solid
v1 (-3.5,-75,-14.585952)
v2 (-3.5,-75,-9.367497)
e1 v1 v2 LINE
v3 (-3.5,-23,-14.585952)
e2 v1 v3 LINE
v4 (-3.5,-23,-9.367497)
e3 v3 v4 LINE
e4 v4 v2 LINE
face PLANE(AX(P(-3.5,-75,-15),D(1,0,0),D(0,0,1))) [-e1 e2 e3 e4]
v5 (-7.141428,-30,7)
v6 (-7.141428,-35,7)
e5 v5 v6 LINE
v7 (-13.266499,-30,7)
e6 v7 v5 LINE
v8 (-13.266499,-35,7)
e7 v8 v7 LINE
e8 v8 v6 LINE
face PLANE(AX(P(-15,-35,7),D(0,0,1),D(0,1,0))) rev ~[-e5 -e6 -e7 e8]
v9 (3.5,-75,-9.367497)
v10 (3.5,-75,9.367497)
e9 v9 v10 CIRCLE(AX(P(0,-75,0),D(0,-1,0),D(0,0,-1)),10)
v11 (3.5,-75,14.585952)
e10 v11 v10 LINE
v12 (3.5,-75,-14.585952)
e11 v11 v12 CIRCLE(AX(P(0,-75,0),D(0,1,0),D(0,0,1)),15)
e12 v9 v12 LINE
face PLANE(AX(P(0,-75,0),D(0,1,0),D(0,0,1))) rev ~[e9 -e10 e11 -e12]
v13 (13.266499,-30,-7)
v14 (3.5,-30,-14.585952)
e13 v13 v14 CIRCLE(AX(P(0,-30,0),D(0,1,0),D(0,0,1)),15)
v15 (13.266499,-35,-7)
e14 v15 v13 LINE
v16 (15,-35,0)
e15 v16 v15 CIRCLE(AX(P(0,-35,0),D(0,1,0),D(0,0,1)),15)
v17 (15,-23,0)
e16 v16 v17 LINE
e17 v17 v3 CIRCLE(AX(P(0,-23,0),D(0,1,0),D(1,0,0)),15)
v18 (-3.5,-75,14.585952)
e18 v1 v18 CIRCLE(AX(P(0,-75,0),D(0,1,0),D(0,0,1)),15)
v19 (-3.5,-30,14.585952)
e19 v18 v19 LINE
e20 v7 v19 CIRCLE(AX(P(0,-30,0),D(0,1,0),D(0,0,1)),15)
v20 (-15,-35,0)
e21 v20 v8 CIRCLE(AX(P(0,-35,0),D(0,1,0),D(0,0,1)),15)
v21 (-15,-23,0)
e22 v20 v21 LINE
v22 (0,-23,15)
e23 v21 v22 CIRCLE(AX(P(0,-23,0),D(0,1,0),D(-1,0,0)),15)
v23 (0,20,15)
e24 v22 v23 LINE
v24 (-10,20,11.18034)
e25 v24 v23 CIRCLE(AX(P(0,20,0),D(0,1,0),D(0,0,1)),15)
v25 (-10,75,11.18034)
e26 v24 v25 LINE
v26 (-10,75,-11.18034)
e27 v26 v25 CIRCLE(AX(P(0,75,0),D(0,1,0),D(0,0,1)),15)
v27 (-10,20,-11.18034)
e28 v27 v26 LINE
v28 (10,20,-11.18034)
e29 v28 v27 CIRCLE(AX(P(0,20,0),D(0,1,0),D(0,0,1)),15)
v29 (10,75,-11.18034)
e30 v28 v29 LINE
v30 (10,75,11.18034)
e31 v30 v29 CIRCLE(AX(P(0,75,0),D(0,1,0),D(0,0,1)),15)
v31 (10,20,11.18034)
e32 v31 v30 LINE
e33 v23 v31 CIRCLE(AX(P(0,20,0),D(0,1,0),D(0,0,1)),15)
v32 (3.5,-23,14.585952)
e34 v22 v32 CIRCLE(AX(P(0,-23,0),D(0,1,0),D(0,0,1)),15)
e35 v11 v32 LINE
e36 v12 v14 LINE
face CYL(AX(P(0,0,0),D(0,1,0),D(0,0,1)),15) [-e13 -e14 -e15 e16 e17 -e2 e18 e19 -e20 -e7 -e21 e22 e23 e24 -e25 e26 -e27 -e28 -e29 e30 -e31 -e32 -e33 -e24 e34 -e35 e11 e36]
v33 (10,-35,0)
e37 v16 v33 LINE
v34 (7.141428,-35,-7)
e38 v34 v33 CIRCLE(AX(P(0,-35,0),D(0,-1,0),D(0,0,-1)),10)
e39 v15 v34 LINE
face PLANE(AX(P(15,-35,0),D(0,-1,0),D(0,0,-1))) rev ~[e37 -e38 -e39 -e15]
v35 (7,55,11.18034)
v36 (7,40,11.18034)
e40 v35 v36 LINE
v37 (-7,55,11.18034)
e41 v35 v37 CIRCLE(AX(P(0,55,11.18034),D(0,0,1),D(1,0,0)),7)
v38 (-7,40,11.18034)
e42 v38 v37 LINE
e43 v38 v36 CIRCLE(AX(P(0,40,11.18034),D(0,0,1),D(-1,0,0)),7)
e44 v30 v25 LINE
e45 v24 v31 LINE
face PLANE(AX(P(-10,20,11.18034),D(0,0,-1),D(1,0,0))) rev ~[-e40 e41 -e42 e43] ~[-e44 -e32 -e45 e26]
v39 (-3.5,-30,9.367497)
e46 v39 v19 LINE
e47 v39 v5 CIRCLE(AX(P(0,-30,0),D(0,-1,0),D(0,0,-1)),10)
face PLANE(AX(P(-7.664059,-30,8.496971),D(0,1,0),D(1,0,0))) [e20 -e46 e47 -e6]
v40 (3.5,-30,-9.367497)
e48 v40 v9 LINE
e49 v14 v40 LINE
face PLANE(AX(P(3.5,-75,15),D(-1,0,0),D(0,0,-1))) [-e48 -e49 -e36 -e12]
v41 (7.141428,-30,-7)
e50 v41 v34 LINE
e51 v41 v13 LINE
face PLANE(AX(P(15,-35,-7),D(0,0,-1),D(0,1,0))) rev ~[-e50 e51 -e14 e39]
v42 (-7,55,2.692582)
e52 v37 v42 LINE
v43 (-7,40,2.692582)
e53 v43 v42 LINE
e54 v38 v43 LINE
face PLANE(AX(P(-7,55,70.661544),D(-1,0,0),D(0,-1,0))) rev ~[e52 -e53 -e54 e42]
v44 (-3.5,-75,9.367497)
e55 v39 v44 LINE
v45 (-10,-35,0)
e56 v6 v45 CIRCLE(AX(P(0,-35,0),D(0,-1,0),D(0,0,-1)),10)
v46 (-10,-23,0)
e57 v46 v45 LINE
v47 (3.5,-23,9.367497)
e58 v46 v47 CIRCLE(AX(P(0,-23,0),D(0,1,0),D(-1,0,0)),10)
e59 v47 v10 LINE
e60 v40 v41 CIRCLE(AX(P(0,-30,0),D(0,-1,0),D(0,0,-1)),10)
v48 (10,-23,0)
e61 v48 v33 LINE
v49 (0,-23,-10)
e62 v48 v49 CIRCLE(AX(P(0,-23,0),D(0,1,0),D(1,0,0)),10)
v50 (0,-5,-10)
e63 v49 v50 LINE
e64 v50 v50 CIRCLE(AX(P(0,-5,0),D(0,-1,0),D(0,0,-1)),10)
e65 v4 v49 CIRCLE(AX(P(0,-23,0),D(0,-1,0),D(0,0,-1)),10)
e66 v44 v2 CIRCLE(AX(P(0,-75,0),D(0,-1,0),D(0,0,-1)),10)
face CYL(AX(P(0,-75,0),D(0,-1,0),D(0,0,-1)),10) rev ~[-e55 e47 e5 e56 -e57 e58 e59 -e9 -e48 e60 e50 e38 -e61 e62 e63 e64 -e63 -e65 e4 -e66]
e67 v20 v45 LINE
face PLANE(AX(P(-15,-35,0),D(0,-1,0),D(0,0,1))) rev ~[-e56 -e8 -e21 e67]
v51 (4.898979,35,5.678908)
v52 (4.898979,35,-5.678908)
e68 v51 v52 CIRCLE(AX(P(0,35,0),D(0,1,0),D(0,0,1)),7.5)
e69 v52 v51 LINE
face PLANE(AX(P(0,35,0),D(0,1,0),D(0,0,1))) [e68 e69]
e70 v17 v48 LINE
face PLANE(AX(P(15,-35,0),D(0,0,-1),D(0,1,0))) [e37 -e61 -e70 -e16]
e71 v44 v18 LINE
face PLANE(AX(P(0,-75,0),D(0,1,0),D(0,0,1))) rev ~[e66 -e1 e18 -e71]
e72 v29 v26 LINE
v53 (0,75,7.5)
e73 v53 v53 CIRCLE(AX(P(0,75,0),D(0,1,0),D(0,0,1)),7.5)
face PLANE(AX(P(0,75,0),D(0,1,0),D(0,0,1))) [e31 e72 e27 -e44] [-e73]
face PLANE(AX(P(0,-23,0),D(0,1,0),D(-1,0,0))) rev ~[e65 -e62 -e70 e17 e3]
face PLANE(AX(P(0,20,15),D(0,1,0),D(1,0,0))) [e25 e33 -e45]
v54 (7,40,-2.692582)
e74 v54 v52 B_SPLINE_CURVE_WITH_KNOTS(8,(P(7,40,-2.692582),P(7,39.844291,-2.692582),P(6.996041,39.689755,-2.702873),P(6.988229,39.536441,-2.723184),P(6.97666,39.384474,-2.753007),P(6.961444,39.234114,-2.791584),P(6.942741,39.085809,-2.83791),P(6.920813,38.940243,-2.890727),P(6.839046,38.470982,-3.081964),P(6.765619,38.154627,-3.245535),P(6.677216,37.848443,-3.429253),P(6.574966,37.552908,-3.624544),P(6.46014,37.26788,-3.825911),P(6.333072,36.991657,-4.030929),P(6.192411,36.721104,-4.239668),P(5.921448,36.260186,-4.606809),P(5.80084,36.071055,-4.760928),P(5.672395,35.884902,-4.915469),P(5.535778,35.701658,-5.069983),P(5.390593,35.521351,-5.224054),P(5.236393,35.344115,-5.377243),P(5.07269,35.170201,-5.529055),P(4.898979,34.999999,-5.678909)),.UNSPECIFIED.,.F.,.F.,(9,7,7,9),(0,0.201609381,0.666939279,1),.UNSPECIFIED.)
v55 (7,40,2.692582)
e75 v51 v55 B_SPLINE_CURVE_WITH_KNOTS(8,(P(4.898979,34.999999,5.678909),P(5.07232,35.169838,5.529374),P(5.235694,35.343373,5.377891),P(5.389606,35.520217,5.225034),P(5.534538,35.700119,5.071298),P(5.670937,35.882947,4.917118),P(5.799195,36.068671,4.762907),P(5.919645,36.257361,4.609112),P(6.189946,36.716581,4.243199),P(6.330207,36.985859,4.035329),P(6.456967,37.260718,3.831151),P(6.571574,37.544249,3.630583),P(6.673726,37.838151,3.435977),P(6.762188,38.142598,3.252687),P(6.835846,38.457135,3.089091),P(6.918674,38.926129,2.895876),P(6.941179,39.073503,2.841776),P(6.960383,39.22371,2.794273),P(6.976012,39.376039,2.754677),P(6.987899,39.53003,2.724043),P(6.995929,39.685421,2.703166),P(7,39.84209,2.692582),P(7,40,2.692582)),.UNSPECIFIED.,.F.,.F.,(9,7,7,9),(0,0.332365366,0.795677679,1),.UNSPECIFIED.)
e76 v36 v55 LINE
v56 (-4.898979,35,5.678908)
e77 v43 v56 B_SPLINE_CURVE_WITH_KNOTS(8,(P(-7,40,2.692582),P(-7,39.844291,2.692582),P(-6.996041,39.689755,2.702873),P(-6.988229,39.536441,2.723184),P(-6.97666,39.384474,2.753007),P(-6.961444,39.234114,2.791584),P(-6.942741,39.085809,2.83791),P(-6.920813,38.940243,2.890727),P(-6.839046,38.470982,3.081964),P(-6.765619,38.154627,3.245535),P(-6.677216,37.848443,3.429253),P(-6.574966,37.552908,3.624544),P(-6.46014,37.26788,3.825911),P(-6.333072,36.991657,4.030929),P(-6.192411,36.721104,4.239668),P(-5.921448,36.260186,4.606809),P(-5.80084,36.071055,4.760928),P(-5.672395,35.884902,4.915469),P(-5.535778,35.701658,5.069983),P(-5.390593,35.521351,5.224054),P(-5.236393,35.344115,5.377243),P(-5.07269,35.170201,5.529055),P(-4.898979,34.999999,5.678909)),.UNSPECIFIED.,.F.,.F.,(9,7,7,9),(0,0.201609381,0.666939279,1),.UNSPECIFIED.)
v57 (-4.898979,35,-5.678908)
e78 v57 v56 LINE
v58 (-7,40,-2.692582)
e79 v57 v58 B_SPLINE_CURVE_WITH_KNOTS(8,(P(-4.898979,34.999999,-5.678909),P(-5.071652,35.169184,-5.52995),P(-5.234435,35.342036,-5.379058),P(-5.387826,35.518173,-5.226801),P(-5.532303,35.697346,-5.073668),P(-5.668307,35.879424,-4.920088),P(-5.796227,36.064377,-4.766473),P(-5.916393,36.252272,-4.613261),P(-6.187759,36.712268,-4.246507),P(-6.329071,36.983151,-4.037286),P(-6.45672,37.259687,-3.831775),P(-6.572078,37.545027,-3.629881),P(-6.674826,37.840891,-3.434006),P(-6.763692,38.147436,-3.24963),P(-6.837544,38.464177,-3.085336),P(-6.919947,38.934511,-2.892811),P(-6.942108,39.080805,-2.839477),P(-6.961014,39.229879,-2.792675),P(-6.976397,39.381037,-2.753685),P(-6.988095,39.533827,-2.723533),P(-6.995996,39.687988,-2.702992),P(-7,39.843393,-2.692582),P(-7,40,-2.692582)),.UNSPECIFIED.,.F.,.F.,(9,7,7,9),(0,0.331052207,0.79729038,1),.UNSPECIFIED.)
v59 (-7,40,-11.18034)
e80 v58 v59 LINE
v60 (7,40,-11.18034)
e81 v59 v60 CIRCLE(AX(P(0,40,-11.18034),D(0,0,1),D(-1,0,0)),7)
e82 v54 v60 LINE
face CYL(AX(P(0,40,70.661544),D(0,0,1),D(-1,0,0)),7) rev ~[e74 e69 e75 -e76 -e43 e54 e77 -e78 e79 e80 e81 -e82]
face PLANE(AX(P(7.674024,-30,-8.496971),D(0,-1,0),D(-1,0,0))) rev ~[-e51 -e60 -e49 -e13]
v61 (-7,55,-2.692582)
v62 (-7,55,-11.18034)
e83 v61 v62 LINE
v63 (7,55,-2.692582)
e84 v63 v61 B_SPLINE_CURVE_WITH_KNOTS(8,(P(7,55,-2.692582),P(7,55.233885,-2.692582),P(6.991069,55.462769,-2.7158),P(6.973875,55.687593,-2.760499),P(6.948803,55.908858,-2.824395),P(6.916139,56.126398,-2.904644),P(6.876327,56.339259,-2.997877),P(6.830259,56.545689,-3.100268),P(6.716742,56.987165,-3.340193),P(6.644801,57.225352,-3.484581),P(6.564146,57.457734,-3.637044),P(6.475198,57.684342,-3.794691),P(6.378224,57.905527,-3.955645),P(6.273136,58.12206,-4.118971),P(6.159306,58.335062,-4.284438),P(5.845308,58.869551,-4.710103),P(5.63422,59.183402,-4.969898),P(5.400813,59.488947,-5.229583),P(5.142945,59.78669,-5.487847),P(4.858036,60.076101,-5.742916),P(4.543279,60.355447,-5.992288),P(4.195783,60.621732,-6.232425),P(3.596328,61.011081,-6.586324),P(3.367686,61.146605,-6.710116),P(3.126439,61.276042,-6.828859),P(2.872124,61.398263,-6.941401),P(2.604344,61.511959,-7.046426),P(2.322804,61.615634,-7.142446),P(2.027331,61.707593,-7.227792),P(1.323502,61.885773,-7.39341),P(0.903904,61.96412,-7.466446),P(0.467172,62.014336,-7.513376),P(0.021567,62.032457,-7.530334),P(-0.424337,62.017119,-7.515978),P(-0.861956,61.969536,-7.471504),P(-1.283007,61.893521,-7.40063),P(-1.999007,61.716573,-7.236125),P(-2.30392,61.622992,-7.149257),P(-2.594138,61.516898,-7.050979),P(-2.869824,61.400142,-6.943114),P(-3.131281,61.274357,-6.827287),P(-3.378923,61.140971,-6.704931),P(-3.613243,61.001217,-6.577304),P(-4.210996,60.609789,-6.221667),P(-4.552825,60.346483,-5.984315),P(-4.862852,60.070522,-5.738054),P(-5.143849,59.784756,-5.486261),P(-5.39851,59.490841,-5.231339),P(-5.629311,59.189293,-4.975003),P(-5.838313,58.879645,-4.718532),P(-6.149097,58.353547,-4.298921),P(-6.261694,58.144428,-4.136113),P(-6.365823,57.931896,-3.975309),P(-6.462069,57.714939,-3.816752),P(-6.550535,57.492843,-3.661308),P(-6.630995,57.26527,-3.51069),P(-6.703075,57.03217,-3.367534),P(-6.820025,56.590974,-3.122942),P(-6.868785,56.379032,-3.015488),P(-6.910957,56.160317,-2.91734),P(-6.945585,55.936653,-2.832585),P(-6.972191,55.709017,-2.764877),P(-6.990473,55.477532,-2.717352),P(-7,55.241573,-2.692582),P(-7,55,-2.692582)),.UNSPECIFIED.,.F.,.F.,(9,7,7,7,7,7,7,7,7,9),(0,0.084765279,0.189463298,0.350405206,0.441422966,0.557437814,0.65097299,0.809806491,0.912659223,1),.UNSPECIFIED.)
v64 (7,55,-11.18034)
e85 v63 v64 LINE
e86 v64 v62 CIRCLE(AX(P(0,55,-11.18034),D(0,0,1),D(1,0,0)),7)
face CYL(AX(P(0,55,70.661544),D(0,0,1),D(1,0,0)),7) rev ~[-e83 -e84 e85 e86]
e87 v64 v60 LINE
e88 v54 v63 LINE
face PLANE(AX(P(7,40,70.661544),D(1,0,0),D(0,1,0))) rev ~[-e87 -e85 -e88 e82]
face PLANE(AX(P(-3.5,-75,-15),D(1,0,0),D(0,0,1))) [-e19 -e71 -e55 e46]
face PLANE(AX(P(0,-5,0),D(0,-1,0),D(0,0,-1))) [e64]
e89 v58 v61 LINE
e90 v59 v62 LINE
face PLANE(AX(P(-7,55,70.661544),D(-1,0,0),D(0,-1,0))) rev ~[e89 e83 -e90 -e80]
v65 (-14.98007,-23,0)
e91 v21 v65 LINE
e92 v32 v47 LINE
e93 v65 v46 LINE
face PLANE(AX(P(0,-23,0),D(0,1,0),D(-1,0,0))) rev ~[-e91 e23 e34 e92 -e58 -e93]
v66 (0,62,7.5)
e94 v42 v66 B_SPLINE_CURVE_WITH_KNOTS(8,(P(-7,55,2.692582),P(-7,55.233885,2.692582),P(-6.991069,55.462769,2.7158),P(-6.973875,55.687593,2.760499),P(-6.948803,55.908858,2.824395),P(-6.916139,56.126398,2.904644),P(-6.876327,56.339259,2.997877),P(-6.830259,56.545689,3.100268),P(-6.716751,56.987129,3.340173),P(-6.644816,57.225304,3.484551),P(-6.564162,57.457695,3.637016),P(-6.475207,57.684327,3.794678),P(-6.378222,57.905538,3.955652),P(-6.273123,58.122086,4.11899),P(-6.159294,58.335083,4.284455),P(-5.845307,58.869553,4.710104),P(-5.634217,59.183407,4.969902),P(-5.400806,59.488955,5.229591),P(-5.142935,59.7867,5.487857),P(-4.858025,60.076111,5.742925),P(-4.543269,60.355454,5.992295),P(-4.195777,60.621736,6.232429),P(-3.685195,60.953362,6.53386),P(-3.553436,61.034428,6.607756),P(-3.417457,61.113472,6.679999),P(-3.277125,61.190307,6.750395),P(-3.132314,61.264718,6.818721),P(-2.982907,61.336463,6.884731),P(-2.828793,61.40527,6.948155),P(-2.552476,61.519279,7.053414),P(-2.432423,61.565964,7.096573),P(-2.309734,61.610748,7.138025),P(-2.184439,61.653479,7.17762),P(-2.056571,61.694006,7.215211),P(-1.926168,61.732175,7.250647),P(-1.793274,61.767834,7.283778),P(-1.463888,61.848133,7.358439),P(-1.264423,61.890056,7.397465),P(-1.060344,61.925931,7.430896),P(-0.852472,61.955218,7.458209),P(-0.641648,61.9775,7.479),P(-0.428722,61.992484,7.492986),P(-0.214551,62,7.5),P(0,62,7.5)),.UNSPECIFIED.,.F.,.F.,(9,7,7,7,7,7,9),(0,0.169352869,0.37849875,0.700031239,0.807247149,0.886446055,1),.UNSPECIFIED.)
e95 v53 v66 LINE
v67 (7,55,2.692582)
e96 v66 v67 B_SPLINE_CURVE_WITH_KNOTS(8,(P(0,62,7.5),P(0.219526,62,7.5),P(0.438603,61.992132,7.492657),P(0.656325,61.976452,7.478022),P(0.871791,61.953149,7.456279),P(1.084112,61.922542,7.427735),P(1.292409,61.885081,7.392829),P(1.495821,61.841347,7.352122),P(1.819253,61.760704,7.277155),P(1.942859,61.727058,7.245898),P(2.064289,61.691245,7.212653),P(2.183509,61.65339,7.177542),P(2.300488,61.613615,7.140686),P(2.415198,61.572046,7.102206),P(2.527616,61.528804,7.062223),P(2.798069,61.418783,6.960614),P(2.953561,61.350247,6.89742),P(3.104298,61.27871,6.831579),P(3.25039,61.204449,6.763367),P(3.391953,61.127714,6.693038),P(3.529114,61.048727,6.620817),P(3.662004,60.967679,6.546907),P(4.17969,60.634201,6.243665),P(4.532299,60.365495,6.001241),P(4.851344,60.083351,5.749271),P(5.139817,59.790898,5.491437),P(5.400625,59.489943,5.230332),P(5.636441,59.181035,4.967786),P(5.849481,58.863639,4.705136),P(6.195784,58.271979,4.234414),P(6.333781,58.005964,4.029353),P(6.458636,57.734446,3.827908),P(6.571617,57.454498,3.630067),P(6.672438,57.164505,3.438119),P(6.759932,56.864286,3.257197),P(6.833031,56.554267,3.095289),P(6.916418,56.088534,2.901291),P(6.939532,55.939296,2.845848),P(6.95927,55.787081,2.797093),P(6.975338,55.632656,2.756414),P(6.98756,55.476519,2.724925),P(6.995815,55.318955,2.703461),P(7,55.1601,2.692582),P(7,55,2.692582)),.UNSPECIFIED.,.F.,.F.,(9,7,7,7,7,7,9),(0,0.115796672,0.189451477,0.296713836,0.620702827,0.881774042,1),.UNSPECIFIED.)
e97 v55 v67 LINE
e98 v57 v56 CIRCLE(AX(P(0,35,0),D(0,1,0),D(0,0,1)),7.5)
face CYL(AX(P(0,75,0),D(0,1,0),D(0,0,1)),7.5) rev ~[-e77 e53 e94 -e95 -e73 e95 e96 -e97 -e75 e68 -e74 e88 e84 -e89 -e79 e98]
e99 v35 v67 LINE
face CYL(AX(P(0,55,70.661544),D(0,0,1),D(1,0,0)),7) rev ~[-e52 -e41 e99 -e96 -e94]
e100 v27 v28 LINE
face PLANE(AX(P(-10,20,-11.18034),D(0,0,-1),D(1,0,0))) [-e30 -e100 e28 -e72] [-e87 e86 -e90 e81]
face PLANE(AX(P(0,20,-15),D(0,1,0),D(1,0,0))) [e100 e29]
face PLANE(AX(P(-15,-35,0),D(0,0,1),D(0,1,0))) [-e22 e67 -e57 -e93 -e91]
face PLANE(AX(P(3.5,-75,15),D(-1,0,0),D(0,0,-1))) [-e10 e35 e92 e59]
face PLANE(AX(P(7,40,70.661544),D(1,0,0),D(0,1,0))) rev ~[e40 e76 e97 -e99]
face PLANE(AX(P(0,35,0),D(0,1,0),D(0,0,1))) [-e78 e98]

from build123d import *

# Parameters (mm, degrees)
SKETCH1_R                = 15
BOSS_EXTRUDE1_DEPTH      = 75
CUT_EXTRUDE1_DEPTH       = 52
CUT_EXTRUDE2_DEPTH       = 3.5
SKETCH9_R                = 10
CUT_EXTRUDE12_DEPTH      = 70
SKETCH17_W               = 7
SKETCH17_H               = 12
CUT_EXTRUDE19_DEPTH      = 15
SKETCH19_W               = 7
SKETCH19_H               = 12
CUT_EXTRUDE20_DEPTH      = 15
SKETCH20_R               = 7.5
CUT_EXTRUDE21_DEPTH      = 40
CUT_EXTRUDE25_DEPTH      = 152.492574075
CUT_EXTRUDE25_DEPTH_BACK = 55
SKETCH21_W               = 20
SKETCH21_H               = 7.639320226
CUT_EXTRUDE27_DEPTH      = 81.841883926
CUT_EXTRUDE27_DEPTH_BACK = 81.841883926


with BuildPart() as part:
    # Sketch1 → Boss-Extrude1 (new, symmetric)
    with BuildSketch(Plane(origin=(0, 0, 0), x_dir=(1, 0, 0), z_dir=(0, 1, 0))):
        with Locations(Location((0, 0, 0), (0, 0, 270))):
            Circle(SKETCH1_R)
    extrude(amount=BOSS_EXTRUDE1_DEPTH, both=True)

    # Sketch2 → Cut-Extrude1 (cut)
    with BuildSketch(Plane.XZ.offset(75)):
        with BuildLine():
            Line((3.5, 15), (3.5, -15))
            ThreePointArc((3.5, -15), (0, -18.5), (-3.5, -15))
            Line((-3.5, -15), (-3.5, 15))
            ThreePointArc((-3.5, 15), (0, 18.5), (3.5, 15))
        make_face()
    extrude(amount=-CUT_EXTRUDE1_DEPTH, mode=Mode.SUBTRACT)

    # Sketch3 → Cut-Extrude2 (cut, symmetric)
    with BuildSketch(Plane(origin=(0, -26.5, 0), x_dir=(1, 0, 0), z_dir=(0, 1, 0))):
        Polygon((-14.980069936, 0), (-15.328117643, -9.993941304), (-0.348047707, -16.993941304), (0, -7), align=None)
        Polygon((15, 0), (0, 7), (0.348047707, 16.993941304), (15.348047707, 9.993941304), align=None)
    extrude(amount=CUT_EXTRUDE2_DEPTH, both=True, mode=Mode.SUBTRACT)

    # Sketch9 → Cut-Extrude12 (cut)
    with BuildSketch(Plane.XZ.offset(75)):
        with Locations(Location((0, 0, 0), (0, 0, 270))):
            Circle(SKETCH9_R)
    extrude(amount=-CUT_EXTRUDE12_DEPTH, mode=Mode.SUBTRACT)

    # Sketch17 → Cut-Extrude19 (cut)
    with BuildSketch(Plane(origin=(15, 0, 0), x_dir=(0, 0, -1), z_dir=(1, 0, 0))):
        with Locations((3.5, -29)):
            Rectangle(SKETCH17_W, SKETCH17_H)
    extrude(amount=-CUT_EXTRUDE19_DEPTH, mode=Mode.SUBTRACT)

    # Sketch19 → Cut-Extrude20 (cut)
    with BuildSketch(Plane.ZY.offset(15)):
        with Locations((3.5, -29)):
            Rectangle(SKETCH19_W, SKETCH19_H)
    extrude(amount=-CUT_EXTRUDE20_DEPTH, mode=Mode.SUBTRACT)

    # Sketch20 → Cut-Extrude21 (cut)
    with BuildSketch(Plane(origin=(0, 75, 0), x_dir=(1, 0, 0), z_dir=(0, 1, 0))):
        with Locations(Location((0, 0, 0), (0, 0, 270))):
            Circle(SKETCH20_R)
    extrude(amount=-CUT_EXTRUDE21_DEPTH, mode=Mode.SUBTRACT)

    # Sketch21 → Cut-Extrude25 (cut, two sides: drawn at the far end of the back side and taken through both)
    with BuildSketch(Plane(origin=(0, 75, 0), x_dir=(1, 0, 0), z_dir=(0, 1, 0)).offset(-CUT_EXTRUDE25_DEPTH_BACK)):
        with Locations((0, 15)):
            Rectangle(SKETCH21_W, SKETCH21_H)
        with Locations((0, -15)):
            Rectangle(SKETCH21_W, SKETCH21_H)
    extrude(amount=CUT_EXTRUDE25_DEPTH + CUT_EXTRUDE25_DEPTH_BACK, mode=Mode.SUBTRACT)

    # Sketch23 → Cut-Extrude27 (cut, two sides: drawn at the far end of the back side and taken through both)
    with BuildSketch(Plane(origin=(0, 0, -11.180339887), x_dir=(-1, 0, 0), z_dir=(0, 0, -1)).offset(-CUT_EXTRUDE27_DEPTH_BACK)):
        with BuildLine():
            Line((7, 55), (7, 40))
            ThreePointArc((7, 40), (0, 33), (-7, 40))
            Line((-7, 40), (-7, 55))
            ThreePointArc((-7, 55), (0, 62), (7, 55))
        make_face()
    extrude(amount=CUT_EXTRUDE27_DEPTH + CUT_EXTRUDE27_DEPTH_BACK, mode=Mode.SUBTRACT)


solid = part.part
